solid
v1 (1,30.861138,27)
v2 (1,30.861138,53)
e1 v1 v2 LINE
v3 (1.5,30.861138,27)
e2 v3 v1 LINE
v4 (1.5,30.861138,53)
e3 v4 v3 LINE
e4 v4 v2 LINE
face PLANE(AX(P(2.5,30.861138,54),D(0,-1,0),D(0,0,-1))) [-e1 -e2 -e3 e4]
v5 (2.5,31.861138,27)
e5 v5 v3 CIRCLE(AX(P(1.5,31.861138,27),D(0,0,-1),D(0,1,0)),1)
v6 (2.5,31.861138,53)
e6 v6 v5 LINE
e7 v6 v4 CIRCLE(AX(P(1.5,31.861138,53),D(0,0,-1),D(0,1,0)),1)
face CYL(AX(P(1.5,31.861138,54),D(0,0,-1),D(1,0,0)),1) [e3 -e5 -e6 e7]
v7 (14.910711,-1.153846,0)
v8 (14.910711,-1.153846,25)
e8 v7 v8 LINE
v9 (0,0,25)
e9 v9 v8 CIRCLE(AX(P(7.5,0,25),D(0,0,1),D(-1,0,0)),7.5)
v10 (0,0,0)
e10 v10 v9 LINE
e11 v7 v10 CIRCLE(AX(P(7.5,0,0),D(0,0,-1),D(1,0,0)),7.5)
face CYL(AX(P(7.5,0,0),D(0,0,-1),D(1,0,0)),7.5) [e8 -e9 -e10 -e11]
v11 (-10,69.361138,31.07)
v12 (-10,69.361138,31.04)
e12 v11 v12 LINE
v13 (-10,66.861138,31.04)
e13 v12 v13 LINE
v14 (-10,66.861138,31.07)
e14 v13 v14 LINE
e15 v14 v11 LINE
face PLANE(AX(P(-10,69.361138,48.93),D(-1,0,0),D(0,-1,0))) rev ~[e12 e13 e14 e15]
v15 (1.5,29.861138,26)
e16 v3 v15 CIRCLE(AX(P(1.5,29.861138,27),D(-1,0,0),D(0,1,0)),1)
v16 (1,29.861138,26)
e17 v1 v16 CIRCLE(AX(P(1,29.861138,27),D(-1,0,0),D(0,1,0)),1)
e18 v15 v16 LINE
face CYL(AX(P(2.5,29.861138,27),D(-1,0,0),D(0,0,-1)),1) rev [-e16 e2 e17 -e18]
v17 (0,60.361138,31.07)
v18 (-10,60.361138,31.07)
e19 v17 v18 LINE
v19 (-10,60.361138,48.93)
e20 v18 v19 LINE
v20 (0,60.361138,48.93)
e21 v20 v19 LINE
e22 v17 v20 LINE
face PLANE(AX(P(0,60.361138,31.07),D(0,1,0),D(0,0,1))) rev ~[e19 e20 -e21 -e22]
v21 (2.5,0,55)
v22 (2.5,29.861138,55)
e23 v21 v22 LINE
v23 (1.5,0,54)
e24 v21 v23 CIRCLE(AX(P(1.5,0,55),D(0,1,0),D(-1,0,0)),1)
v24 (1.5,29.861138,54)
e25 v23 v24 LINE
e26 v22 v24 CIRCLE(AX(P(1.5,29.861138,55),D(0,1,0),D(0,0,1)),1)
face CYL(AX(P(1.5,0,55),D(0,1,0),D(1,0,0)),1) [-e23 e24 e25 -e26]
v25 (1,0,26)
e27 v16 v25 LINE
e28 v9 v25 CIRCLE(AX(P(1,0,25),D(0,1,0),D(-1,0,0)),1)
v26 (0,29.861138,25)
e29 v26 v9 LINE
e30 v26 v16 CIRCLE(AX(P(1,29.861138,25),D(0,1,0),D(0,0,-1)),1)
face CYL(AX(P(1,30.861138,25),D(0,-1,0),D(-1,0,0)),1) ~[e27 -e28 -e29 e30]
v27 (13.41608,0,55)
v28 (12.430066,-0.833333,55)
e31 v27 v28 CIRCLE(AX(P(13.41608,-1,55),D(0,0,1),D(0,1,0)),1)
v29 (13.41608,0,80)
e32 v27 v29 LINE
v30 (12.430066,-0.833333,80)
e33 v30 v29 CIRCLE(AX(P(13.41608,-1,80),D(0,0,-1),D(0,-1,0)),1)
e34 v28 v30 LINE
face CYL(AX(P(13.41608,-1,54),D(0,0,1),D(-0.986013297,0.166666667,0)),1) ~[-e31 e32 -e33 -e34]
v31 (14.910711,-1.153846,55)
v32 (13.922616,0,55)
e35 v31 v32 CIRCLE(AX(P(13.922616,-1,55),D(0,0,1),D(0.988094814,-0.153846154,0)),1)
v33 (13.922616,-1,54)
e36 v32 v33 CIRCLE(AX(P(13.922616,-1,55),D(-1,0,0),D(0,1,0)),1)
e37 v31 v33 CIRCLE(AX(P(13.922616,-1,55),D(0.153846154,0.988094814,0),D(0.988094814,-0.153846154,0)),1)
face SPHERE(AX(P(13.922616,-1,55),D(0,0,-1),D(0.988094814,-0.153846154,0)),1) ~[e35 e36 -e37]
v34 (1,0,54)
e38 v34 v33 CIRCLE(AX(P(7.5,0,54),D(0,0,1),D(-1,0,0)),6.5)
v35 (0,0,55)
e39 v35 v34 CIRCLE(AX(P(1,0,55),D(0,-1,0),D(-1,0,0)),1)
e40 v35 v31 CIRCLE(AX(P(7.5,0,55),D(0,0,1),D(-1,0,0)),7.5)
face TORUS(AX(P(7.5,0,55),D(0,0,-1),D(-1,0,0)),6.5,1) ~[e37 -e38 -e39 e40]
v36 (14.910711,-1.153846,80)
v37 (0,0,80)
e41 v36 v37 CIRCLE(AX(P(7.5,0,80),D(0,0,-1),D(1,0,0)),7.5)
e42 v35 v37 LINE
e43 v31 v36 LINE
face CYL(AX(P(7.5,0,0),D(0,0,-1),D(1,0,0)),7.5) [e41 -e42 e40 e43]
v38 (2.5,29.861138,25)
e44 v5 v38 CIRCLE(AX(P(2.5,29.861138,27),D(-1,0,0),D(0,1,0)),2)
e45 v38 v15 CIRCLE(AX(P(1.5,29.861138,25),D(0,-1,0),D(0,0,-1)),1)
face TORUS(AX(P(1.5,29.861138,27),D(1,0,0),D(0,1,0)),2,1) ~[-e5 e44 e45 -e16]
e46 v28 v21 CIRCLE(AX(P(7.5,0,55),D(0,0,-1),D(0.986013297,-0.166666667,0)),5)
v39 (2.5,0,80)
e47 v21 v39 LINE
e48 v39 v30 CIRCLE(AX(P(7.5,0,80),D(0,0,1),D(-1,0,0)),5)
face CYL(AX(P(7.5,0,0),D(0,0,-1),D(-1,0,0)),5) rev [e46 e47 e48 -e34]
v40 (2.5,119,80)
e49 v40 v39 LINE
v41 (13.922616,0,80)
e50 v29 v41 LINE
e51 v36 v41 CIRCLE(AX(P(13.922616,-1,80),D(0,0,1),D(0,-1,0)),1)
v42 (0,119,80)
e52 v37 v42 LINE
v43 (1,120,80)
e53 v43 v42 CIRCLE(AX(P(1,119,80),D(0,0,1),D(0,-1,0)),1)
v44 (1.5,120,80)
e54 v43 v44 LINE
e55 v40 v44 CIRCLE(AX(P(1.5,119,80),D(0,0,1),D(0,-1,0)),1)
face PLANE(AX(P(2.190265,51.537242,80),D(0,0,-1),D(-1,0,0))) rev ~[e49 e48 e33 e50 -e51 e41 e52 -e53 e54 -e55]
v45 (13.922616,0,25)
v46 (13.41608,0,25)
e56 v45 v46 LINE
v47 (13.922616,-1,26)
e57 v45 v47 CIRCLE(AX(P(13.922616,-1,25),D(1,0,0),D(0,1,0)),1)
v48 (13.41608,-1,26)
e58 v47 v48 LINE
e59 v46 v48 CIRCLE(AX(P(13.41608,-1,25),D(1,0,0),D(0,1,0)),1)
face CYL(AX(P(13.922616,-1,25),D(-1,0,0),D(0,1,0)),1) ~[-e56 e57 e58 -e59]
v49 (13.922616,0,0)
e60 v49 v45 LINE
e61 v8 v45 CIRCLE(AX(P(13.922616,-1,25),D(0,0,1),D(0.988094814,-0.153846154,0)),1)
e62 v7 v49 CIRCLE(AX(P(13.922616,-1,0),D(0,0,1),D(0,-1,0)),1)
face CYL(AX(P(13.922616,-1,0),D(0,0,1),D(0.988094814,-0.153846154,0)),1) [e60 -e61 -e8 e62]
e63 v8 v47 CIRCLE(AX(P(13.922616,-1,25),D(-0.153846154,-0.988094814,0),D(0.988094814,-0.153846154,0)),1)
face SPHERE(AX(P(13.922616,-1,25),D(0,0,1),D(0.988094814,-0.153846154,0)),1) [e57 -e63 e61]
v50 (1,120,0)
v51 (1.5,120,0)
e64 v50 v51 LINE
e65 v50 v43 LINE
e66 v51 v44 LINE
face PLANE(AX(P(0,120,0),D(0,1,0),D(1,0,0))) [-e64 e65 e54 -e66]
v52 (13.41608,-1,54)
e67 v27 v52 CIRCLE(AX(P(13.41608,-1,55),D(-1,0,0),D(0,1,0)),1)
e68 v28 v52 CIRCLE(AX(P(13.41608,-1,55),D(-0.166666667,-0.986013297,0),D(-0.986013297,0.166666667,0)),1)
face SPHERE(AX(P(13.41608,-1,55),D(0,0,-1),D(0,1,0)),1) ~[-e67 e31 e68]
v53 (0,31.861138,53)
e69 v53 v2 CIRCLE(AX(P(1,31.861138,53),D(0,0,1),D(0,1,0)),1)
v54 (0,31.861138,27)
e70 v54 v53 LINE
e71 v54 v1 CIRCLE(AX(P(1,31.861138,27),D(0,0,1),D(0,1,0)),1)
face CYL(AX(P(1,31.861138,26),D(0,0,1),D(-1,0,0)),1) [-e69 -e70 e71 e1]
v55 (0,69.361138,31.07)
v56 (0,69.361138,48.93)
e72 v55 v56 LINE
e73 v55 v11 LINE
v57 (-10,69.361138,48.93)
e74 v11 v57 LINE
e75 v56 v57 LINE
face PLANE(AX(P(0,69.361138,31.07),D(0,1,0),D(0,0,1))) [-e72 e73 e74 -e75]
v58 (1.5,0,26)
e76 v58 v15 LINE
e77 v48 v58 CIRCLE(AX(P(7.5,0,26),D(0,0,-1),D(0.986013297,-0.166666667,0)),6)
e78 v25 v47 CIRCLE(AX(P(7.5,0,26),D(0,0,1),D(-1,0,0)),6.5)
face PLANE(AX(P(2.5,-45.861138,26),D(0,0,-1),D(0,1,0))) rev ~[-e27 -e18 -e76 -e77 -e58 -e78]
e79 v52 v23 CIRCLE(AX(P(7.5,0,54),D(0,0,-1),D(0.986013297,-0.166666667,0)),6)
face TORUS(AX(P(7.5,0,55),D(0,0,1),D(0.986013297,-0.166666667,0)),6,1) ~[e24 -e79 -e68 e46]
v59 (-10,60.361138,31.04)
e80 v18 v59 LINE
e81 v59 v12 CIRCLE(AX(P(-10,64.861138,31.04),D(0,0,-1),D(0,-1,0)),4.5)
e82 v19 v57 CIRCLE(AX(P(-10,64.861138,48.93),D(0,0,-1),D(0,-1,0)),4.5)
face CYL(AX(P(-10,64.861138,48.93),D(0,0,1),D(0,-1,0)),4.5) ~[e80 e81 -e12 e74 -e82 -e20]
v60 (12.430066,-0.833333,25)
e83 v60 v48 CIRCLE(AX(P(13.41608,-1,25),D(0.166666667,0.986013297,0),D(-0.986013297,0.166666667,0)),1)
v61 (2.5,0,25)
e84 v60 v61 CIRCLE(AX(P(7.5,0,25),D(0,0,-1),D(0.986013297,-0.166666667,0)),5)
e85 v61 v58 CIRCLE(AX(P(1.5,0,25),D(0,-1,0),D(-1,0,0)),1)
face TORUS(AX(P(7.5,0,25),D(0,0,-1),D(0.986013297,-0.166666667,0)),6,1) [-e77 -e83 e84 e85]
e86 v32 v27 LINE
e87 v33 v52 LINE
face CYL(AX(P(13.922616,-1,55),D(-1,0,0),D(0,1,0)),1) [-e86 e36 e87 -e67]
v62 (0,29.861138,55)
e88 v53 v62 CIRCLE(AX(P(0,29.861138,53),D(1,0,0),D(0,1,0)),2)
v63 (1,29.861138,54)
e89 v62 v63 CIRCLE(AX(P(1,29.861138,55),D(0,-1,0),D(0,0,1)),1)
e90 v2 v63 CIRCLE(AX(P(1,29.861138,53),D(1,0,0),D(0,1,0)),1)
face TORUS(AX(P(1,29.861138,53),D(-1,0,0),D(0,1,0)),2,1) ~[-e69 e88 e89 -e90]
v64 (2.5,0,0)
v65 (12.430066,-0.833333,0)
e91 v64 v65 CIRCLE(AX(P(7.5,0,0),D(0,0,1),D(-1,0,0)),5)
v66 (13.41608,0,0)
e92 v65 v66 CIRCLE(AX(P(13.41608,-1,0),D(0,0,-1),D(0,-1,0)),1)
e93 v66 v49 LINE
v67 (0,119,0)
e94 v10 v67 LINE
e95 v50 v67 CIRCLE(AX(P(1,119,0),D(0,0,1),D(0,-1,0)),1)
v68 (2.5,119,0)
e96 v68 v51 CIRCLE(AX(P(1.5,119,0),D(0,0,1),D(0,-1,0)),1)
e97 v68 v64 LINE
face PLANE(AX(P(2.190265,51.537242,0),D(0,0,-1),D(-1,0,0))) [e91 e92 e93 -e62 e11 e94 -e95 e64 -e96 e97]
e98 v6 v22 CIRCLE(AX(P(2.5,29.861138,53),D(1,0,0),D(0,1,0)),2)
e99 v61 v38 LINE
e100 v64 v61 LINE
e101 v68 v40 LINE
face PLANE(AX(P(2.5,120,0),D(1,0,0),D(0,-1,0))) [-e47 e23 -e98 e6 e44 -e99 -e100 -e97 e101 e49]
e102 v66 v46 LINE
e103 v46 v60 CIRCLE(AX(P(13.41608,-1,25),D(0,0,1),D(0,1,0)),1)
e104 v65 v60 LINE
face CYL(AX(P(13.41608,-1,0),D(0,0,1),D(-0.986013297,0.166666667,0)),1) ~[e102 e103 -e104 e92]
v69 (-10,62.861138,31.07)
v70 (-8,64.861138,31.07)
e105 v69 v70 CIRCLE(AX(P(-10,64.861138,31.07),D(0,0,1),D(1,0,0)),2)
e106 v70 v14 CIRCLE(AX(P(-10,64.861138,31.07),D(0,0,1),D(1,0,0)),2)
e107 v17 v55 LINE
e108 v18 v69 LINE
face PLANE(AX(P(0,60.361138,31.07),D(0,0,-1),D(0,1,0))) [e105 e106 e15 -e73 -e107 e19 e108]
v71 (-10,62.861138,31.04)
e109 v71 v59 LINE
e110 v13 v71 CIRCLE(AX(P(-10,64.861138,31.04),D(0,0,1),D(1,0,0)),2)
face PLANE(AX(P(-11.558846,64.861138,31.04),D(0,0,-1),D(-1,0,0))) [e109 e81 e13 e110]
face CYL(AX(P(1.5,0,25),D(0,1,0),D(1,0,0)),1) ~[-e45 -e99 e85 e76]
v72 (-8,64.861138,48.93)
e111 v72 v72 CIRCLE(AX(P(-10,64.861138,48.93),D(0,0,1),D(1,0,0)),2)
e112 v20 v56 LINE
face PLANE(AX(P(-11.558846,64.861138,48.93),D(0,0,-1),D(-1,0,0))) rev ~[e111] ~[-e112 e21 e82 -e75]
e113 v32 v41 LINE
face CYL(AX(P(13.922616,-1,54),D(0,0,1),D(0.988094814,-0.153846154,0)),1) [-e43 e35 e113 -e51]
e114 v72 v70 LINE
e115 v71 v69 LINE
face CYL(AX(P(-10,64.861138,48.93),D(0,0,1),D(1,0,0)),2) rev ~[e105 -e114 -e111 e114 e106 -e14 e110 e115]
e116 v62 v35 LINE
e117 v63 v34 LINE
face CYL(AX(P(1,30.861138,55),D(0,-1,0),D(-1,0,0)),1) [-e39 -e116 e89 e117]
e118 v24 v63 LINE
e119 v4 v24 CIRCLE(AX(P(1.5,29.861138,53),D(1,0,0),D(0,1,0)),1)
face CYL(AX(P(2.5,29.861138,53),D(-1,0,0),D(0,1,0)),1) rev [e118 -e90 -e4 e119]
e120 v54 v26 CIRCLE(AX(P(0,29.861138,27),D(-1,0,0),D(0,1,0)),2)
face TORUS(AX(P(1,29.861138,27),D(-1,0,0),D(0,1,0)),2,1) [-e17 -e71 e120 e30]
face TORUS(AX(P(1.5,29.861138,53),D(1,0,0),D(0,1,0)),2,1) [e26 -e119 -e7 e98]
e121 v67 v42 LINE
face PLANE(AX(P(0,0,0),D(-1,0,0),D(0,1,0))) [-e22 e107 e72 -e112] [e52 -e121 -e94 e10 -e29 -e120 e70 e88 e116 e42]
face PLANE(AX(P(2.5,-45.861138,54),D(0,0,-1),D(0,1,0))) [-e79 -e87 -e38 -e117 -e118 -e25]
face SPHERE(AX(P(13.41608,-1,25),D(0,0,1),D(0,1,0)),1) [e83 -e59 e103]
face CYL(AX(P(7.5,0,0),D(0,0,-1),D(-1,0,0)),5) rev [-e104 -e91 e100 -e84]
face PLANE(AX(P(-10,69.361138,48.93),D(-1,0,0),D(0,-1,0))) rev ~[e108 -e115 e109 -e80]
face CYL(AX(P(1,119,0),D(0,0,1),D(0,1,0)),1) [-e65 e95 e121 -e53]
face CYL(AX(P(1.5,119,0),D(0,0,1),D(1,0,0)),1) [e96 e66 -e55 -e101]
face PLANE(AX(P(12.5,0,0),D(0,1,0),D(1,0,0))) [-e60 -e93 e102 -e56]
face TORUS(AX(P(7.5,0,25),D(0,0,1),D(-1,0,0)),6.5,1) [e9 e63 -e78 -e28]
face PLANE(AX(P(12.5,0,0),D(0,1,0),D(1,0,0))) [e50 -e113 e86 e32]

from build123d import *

# Parameters (mm, degrees)
EXTRUDE_1_DEPTH     = 80
SKETCH_2_W          = 28
SKETCH_2_H          = 76.722275626
CUT_EXTRUDE_2_DEPTH = 40
FILLET_1_R          = 1
FILLET_2_R          = 1
FILLET_3_R          = 1
SKETCH_4_W          = 17.86
SKETCH_4_H          = 9
EXTRUDE_2_DEPTH     = 10
EXTRUDE_3_DEPTH     = 17.89
SKETCH_6_R          = 2
CUT_EXTRUDE_3_DEPTH = 131.448569854


with BuildPart() as part:
    # 草图1 → 凸台-拉伸1 (new body)
    with BuildSketch(Plane.XY):
        with BuildLine():
            Line((0, 0), (0, 120))
            Line((0, 120), (2.5, 120))
            Line((2.5, 120), (2.5, 0))
            ThreePointArc((2.5, 0), (7.5, -5), (12.5, 0))
            Line((12.5, 0), (15, 0))
            ThreePointArc((15, 0), (7.5, -7.5), (0, 0))
        make_face()
    extrude(amount=EXTRUDE_1_DEPTH)

    # 草图2 → 切除-拉伸2 (cut, symmetric)
    with BuildSketch(Plane(origin=(2.5, 0, 0), x_dir=(0, 0, -1), z_dir=(1, 0, 0))):
        with Locations((-40, -7.5)):
            Rectangle(SKETCH_2_W, SKETCH_2_H)
    extrude(amount=CUT_EXTRUDE_2_DEPTH, both=True, mode=Mode.SUBTRACT)

    # 圆角1
    fillet_1_edges = [part.edges().sort_by_distance(p)[0] for p in [
        (12.5, 0, 67),
        (15, 0, 67),
        (12.5, 0, 13),
        (15, 0, 13),
    ]]
    fillet(fillet_1_edges, radius=FILLET_1_R)

    # 圆角2
    fillet_2_edges = [part.edges().sort_by_distance(p)[0] for p in [
        (0, 120, 40),
        (2.5, 120, 40),
    ]]
    fillet(fillet_2_edges, radius=FILLET_2_R)

    # 圆角3
    fillet_3_edges = [part.edges().sort_by_distance(p)[0] for p in [
        (0, 30.861137813, 40),
        (0, 15.430568906, 54),
        (0, 15.430568906, 26),
        (1.25, 30.861137813, 26),
        (2.5, 15.430568906, 26),
        (7.081868699, -4.982485947, 26),
        (2.5, 15.430568906, 54),
        (6.921352125, -7.477644458, 54),
        (1.25, 30.861137813, 54),
        (2.5, 30.861137813, 40),
        (13.669348036, 0, 26),
        (6.921352125, -7.477644458, 26),
        (14.682170815, -0.349556364, 26),
        (12.770582559, -0.236237384, 26),
        (7.081868699, -4.982485947, 54),
        (13.669348036, 0, 54),
        (14.682170815, -0.349556364, 54),
        (12.770582559, -0.236237384, 54),
    ]]
    fillet(fillet_3_edges, radius=FILLET_3_R)

    # 草图4 → 凸台-拉伸2 (add)
    with BuildSketch(Plane.ZY):
        with Locations((40, 64.861137813)):
            Rectangle(SKETCH_4_W, SKETCH_4_H)
    extrude(amount=EXTRUDE_2_DEPTH)

    # 草图5 → 凸台-拉伸3 (add)
    with BuildSketch(Plane.XY.offset(48.93)):
        with BuildLine():
            Line((-10, 69.361137813), (-10, 60.361137813))
            ThreePointArc((-10, 60.361137813), (-14.5, 64.861137813), (-10, 69.361137813))
        make_face()
    extrude(amount=-EXTRUDE_3_DEPTH)

    # 草图6 → 切除-拉伸3 (cut, through all)
    with BuildSketch(Plane.XY.offset(48.93)):
        with Locations((-10, 64.861137813)):
            Circle(SKETCH_6_R)
    extrude(amount=-CUT_EXTRUDE_3_DEPTH, mode=Mode.SUBTRACT)


solid = part.part
